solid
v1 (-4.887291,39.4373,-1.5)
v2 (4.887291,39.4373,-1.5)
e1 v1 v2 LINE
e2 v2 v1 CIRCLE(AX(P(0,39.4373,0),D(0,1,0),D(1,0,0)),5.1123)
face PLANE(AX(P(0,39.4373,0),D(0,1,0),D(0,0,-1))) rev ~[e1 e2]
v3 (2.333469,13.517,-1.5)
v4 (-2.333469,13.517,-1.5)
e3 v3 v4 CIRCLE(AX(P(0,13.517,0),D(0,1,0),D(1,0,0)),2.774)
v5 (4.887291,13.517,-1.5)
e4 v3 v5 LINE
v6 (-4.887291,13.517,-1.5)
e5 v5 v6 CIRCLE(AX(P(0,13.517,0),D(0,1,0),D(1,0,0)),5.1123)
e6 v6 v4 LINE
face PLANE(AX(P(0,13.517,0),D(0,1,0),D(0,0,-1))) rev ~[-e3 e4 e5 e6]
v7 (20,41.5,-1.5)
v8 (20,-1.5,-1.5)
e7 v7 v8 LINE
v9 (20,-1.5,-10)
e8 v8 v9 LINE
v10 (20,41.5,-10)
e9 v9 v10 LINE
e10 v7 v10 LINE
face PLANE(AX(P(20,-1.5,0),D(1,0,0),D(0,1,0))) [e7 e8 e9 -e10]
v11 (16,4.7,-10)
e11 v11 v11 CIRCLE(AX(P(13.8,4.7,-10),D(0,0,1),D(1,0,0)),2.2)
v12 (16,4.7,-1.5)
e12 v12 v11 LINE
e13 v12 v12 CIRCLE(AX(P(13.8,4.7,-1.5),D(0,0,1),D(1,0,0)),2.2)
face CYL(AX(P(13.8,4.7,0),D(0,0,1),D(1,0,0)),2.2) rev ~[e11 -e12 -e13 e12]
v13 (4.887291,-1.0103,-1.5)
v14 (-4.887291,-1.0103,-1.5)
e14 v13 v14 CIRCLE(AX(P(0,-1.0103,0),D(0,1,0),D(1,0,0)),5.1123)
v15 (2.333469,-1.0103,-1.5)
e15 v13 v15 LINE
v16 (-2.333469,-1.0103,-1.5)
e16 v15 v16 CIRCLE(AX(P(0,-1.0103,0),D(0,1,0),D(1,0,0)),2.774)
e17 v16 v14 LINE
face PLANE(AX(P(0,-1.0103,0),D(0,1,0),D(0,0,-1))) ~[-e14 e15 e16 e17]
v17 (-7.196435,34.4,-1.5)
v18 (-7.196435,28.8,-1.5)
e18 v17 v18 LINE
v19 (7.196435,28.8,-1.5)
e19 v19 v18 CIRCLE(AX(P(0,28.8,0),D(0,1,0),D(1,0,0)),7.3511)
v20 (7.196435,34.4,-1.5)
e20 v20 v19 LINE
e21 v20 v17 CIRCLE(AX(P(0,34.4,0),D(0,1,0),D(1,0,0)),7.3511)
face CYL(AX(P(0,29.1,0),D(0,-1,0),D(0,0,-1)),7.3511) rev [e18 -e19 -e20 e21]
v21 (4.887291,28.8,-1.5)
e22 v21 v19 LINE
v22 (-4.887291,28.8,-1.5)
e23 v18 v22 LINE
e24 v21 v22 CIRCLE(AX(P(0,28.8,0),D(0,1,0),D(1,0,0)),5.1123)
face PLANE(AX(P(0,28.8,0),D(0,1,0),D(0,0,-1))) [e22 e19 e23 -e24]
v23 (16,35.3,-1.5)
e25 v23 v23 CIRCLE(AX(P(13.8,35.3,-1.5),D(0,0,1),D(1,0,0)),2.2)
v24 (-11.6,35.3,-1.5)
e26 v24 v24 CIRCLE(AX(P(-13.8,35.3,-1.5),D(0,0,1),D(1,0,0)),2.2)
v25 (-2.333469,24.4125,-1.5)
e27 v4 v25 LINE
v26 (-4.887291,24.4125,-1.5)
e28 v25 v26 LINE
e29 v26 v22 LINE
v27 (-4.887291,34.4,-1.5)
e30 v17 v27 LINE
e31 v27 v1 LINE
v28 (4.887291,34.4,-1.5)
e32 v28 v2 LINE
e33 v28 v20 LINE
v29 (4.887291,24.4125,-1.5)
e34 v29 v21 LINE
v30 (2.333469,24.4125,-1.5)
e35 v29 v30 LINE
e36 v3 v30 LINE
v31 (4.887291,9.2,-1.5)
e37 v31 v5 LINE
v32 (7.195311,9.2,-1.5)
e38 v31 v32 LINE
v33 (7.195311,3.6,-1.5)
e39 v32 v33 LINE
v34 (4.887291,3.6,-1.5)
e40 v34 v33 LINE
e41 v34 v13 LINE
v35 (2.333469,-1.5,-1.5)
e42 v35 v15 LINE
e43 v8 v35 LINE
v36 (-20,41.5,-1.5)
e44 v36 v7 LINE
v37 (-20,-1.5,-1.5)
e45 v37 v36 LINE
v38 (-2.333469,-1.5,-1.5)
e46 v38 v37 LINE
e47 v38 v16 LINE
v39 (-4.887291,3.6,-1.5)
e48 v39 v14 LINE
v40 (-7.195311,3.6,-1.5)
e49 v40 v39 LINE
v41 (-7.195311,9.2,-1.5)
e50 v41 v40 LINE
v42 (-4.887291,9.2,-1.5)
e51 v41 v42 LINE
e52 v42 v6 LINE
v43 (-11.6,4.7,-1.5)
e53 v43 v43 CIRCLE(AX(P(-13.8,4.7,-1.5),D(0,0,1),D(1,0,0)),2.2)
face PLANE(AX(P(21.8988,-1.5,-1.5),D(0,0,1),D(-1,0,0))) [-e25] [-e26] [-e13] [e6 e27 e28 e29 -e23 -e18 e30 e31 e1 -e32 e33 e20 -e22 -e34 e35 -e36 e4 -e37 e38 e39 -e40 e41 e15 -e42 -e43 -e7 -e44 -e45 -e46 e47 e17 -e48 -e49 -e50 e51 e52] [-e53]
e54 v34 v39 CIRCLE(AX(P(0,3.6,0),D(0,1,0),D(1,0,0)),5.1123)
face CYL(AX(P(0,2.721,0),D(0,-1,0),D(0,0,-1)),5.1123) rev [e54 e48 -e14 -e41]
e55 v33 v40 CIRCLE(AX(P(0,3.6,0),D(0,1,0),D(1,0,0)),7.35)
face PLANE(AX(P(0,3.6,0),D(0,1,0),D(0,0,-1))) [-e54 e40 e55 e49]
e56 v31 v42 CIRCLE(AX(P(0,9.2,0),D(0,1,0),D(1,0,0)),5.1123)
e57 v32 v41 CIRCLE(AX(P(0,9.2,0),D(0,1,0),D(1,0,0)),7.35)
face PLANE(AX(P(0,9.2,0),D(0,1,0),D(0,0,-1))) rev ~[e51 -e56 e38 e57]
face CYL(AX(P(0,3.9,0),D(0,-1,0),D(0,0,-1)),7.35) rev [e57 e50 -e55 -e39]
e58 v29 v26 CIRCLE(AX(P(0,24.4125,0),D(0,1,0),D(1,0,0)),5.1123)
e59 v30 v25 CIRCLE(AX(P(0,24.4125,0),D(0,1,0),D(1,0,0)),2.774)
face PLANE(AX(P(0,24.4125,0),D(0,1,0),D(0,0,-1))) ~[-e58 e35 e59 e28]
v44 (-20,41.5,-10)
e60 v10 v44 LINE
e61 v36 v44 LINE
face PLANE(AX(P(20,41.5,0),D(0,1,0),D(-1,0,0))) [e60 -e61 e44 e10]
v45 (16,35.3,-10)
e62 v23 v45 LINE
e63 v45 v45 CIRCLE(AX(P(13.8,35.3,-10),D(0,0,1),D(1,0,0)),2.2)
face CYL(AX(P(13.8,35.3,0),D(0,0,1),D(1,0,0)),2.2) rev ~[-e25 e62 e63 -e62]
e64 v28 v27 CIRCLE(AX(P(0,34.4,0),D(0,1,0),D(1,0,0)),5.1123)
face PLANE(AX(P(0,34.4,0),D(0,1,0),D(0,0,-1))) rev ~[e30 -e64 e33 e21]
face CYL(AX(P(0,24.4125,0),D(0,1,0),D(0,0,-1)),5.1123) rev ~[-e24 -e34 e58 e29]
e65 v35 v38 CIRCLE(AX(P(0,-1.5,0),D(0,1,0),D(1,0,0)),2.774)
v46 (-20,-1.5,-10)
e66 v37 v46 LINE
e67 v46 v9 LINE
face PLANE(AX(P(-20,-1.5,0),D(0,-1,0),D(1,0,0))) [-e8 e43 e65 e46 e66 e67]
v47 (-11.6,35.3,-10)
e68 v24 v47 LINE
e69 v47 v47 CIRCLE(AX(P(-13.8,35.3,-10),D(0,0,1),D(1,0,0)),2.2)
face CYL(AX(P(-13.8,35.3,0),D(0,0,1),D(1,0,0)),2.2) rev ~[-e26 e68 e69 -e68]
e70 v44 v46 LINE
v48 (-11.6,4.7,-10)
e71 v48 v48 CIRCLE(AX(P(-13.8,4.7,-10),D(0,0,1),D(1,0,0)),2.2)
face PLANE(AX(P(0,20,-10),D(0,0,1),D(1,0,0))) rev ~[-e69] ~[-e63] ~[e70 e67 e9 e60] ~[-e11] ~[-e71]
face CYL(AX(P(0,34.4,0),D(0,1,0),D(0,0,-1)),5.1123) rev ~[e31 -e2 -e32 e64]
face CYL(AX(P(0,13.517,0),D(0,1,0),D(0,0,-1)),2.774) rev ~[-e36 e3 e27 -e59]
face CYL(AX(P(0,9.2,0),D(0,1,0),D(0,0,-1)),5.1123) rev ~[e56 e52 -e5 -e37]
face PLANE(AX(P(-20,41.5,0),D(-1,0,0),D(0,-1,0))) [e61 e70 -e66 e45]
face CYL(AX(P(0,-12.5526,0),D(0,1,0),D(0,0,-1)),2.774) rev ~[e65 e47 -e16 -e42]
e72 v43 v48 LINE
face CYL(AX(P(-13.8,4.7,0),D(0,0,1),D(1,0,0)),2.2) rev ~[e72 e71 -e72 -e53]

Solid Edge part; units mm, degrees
sketch "Sketch1" plane through (0, 0, 0) normal (0, 0, 1) x (1, 0, 0)
  circle A0 centre (-13.8, 35.3) radius 2.2
  circle A1 centre (-13.8, 4.7) radius 2.2
  circle A2 centre (13.8, 4.7) radius 2.2
  circle A3 centre (13.8, 35.3) radius 2.2
  line L0 (-20, -1.5) -> (20, -1.5)
  line L1 (20, -1.5) -> (20, 41.5)
  line L2 (20, 41.5) -> (-20, 41.5)
  line L3 (-20, 41.5) -> (-20, -1.5)
  dimension "D1" = 43
  dimension "D2" = 40
  dimension "D3" = 20
  dimension "D4" = 4
  dimension "D5" = 4.4
  dimension "D6" = 4
  dimension "D7" = 4
  dimension "D8" = 29.8
  dimension "D9" = 4
extrude "Protrusion1" add sketch "Sketch1" against normal blind 10
sketch "Sketch2" plane through (0, 0, 0) normal (1, 0, 0) x (0, 1, 0)
  line L0 (3.9, -7.35) -> (8.9, -7.35)
  line L1 (3.9, -7.35) -> (3.6, -7.35)
  line L2 (3.6, -7.35) -> (3.6, -5.1123)
  line L3 (2.721, -5.1123) -> (3.6, -5.1123)
  line L4 (2.721, -5.1123) -> (-1.0103, -5.1123)
  line L5 (-1.0103, -5.1123) -> (-1.0103, -3.9681)
  line L6 (-1.0103, -2.774) -> (-1.0103, -3.9681)
  line L7 (-12.5526, -2.774) -> (-1.0103, -2.774)
  line L8 (-12.5526, 0) -> (-12.5526, -2.774)
  line L9 (39.4373, 0) -> (-12.5526, 0)
  line L10 (39.4373, -5.1123) -> (39.4373, 0)
  line L11 (38.3428, -5.1123) -> (39.4373, -5.1123)
  line L12 (34.6612, -5.1123) -> (38.3428, -5.1123)
  line L13 (34.4, -5.1123) -> (34.6612, -5.1123)
  line L14 (34.4, -7.3511) -> (34.4, -5.1123)
  line L15 (29.1, -7.3511) -> (34.4, -7.3511)
  line L16 (29.1, -7.3511) -> (28.8, -7.3511)
  line L17 (28.8, -7.3511) -> (28.8, -5.1123)
  line L18 (24.4125, -5.1123) -> (28.8, -5.1123)
  line L19 (24.4125, -2.774) -> (24.4125, -5.1123)
  line L20 (13.517, -2.774) -> (24.4125, -2.774)
  line L21 (13.517, -5.1123) -> (13.517, -2.774)
  line L22 (10.0842, -5.1123) -> (13.517, -5.1123)
  line L23 (9.2, -5.1123) -> (10.0842, -5.1123)
  line L24 (9.2, -7.35) -> (9.2, -5.1123)
  line L25 (8.9, -7.35) -> (9.2, -7.35)
  dimension "D1" = 5
  dimension "D2" = 0.3
  dimension "D3" = 0.3
  dimension "D4" = 0.3
  dimension "D5" = 0.3
  dimension "D6" = 7.3511
  dimension "D7" = 7.35
revolve "RevolvedCutout1" cut sketch "Sketch2" angle 360 about axis through (0, -60, 0) along (0, 1, 0)
sketch "Sketch3" plane through (0, -1.5, -5) normal (0, -1, 0) x (1, 0, 0)
  line L0 (-23.1839, 5) -> (21.8988, 5)
  line L1 (21.8988, 5) -> (21.8988, 3.5)
  line L2 (21.8988, 3.5) -> (-23.1839, 3.5)
  line L3 (-23.1839, 3.5) -> (-23.1839, 5)
  dimension "D1" = 1.5
extrude "ExtrudedCutout_2" cut sketch "Sketch3" against normal blind 318.8634
